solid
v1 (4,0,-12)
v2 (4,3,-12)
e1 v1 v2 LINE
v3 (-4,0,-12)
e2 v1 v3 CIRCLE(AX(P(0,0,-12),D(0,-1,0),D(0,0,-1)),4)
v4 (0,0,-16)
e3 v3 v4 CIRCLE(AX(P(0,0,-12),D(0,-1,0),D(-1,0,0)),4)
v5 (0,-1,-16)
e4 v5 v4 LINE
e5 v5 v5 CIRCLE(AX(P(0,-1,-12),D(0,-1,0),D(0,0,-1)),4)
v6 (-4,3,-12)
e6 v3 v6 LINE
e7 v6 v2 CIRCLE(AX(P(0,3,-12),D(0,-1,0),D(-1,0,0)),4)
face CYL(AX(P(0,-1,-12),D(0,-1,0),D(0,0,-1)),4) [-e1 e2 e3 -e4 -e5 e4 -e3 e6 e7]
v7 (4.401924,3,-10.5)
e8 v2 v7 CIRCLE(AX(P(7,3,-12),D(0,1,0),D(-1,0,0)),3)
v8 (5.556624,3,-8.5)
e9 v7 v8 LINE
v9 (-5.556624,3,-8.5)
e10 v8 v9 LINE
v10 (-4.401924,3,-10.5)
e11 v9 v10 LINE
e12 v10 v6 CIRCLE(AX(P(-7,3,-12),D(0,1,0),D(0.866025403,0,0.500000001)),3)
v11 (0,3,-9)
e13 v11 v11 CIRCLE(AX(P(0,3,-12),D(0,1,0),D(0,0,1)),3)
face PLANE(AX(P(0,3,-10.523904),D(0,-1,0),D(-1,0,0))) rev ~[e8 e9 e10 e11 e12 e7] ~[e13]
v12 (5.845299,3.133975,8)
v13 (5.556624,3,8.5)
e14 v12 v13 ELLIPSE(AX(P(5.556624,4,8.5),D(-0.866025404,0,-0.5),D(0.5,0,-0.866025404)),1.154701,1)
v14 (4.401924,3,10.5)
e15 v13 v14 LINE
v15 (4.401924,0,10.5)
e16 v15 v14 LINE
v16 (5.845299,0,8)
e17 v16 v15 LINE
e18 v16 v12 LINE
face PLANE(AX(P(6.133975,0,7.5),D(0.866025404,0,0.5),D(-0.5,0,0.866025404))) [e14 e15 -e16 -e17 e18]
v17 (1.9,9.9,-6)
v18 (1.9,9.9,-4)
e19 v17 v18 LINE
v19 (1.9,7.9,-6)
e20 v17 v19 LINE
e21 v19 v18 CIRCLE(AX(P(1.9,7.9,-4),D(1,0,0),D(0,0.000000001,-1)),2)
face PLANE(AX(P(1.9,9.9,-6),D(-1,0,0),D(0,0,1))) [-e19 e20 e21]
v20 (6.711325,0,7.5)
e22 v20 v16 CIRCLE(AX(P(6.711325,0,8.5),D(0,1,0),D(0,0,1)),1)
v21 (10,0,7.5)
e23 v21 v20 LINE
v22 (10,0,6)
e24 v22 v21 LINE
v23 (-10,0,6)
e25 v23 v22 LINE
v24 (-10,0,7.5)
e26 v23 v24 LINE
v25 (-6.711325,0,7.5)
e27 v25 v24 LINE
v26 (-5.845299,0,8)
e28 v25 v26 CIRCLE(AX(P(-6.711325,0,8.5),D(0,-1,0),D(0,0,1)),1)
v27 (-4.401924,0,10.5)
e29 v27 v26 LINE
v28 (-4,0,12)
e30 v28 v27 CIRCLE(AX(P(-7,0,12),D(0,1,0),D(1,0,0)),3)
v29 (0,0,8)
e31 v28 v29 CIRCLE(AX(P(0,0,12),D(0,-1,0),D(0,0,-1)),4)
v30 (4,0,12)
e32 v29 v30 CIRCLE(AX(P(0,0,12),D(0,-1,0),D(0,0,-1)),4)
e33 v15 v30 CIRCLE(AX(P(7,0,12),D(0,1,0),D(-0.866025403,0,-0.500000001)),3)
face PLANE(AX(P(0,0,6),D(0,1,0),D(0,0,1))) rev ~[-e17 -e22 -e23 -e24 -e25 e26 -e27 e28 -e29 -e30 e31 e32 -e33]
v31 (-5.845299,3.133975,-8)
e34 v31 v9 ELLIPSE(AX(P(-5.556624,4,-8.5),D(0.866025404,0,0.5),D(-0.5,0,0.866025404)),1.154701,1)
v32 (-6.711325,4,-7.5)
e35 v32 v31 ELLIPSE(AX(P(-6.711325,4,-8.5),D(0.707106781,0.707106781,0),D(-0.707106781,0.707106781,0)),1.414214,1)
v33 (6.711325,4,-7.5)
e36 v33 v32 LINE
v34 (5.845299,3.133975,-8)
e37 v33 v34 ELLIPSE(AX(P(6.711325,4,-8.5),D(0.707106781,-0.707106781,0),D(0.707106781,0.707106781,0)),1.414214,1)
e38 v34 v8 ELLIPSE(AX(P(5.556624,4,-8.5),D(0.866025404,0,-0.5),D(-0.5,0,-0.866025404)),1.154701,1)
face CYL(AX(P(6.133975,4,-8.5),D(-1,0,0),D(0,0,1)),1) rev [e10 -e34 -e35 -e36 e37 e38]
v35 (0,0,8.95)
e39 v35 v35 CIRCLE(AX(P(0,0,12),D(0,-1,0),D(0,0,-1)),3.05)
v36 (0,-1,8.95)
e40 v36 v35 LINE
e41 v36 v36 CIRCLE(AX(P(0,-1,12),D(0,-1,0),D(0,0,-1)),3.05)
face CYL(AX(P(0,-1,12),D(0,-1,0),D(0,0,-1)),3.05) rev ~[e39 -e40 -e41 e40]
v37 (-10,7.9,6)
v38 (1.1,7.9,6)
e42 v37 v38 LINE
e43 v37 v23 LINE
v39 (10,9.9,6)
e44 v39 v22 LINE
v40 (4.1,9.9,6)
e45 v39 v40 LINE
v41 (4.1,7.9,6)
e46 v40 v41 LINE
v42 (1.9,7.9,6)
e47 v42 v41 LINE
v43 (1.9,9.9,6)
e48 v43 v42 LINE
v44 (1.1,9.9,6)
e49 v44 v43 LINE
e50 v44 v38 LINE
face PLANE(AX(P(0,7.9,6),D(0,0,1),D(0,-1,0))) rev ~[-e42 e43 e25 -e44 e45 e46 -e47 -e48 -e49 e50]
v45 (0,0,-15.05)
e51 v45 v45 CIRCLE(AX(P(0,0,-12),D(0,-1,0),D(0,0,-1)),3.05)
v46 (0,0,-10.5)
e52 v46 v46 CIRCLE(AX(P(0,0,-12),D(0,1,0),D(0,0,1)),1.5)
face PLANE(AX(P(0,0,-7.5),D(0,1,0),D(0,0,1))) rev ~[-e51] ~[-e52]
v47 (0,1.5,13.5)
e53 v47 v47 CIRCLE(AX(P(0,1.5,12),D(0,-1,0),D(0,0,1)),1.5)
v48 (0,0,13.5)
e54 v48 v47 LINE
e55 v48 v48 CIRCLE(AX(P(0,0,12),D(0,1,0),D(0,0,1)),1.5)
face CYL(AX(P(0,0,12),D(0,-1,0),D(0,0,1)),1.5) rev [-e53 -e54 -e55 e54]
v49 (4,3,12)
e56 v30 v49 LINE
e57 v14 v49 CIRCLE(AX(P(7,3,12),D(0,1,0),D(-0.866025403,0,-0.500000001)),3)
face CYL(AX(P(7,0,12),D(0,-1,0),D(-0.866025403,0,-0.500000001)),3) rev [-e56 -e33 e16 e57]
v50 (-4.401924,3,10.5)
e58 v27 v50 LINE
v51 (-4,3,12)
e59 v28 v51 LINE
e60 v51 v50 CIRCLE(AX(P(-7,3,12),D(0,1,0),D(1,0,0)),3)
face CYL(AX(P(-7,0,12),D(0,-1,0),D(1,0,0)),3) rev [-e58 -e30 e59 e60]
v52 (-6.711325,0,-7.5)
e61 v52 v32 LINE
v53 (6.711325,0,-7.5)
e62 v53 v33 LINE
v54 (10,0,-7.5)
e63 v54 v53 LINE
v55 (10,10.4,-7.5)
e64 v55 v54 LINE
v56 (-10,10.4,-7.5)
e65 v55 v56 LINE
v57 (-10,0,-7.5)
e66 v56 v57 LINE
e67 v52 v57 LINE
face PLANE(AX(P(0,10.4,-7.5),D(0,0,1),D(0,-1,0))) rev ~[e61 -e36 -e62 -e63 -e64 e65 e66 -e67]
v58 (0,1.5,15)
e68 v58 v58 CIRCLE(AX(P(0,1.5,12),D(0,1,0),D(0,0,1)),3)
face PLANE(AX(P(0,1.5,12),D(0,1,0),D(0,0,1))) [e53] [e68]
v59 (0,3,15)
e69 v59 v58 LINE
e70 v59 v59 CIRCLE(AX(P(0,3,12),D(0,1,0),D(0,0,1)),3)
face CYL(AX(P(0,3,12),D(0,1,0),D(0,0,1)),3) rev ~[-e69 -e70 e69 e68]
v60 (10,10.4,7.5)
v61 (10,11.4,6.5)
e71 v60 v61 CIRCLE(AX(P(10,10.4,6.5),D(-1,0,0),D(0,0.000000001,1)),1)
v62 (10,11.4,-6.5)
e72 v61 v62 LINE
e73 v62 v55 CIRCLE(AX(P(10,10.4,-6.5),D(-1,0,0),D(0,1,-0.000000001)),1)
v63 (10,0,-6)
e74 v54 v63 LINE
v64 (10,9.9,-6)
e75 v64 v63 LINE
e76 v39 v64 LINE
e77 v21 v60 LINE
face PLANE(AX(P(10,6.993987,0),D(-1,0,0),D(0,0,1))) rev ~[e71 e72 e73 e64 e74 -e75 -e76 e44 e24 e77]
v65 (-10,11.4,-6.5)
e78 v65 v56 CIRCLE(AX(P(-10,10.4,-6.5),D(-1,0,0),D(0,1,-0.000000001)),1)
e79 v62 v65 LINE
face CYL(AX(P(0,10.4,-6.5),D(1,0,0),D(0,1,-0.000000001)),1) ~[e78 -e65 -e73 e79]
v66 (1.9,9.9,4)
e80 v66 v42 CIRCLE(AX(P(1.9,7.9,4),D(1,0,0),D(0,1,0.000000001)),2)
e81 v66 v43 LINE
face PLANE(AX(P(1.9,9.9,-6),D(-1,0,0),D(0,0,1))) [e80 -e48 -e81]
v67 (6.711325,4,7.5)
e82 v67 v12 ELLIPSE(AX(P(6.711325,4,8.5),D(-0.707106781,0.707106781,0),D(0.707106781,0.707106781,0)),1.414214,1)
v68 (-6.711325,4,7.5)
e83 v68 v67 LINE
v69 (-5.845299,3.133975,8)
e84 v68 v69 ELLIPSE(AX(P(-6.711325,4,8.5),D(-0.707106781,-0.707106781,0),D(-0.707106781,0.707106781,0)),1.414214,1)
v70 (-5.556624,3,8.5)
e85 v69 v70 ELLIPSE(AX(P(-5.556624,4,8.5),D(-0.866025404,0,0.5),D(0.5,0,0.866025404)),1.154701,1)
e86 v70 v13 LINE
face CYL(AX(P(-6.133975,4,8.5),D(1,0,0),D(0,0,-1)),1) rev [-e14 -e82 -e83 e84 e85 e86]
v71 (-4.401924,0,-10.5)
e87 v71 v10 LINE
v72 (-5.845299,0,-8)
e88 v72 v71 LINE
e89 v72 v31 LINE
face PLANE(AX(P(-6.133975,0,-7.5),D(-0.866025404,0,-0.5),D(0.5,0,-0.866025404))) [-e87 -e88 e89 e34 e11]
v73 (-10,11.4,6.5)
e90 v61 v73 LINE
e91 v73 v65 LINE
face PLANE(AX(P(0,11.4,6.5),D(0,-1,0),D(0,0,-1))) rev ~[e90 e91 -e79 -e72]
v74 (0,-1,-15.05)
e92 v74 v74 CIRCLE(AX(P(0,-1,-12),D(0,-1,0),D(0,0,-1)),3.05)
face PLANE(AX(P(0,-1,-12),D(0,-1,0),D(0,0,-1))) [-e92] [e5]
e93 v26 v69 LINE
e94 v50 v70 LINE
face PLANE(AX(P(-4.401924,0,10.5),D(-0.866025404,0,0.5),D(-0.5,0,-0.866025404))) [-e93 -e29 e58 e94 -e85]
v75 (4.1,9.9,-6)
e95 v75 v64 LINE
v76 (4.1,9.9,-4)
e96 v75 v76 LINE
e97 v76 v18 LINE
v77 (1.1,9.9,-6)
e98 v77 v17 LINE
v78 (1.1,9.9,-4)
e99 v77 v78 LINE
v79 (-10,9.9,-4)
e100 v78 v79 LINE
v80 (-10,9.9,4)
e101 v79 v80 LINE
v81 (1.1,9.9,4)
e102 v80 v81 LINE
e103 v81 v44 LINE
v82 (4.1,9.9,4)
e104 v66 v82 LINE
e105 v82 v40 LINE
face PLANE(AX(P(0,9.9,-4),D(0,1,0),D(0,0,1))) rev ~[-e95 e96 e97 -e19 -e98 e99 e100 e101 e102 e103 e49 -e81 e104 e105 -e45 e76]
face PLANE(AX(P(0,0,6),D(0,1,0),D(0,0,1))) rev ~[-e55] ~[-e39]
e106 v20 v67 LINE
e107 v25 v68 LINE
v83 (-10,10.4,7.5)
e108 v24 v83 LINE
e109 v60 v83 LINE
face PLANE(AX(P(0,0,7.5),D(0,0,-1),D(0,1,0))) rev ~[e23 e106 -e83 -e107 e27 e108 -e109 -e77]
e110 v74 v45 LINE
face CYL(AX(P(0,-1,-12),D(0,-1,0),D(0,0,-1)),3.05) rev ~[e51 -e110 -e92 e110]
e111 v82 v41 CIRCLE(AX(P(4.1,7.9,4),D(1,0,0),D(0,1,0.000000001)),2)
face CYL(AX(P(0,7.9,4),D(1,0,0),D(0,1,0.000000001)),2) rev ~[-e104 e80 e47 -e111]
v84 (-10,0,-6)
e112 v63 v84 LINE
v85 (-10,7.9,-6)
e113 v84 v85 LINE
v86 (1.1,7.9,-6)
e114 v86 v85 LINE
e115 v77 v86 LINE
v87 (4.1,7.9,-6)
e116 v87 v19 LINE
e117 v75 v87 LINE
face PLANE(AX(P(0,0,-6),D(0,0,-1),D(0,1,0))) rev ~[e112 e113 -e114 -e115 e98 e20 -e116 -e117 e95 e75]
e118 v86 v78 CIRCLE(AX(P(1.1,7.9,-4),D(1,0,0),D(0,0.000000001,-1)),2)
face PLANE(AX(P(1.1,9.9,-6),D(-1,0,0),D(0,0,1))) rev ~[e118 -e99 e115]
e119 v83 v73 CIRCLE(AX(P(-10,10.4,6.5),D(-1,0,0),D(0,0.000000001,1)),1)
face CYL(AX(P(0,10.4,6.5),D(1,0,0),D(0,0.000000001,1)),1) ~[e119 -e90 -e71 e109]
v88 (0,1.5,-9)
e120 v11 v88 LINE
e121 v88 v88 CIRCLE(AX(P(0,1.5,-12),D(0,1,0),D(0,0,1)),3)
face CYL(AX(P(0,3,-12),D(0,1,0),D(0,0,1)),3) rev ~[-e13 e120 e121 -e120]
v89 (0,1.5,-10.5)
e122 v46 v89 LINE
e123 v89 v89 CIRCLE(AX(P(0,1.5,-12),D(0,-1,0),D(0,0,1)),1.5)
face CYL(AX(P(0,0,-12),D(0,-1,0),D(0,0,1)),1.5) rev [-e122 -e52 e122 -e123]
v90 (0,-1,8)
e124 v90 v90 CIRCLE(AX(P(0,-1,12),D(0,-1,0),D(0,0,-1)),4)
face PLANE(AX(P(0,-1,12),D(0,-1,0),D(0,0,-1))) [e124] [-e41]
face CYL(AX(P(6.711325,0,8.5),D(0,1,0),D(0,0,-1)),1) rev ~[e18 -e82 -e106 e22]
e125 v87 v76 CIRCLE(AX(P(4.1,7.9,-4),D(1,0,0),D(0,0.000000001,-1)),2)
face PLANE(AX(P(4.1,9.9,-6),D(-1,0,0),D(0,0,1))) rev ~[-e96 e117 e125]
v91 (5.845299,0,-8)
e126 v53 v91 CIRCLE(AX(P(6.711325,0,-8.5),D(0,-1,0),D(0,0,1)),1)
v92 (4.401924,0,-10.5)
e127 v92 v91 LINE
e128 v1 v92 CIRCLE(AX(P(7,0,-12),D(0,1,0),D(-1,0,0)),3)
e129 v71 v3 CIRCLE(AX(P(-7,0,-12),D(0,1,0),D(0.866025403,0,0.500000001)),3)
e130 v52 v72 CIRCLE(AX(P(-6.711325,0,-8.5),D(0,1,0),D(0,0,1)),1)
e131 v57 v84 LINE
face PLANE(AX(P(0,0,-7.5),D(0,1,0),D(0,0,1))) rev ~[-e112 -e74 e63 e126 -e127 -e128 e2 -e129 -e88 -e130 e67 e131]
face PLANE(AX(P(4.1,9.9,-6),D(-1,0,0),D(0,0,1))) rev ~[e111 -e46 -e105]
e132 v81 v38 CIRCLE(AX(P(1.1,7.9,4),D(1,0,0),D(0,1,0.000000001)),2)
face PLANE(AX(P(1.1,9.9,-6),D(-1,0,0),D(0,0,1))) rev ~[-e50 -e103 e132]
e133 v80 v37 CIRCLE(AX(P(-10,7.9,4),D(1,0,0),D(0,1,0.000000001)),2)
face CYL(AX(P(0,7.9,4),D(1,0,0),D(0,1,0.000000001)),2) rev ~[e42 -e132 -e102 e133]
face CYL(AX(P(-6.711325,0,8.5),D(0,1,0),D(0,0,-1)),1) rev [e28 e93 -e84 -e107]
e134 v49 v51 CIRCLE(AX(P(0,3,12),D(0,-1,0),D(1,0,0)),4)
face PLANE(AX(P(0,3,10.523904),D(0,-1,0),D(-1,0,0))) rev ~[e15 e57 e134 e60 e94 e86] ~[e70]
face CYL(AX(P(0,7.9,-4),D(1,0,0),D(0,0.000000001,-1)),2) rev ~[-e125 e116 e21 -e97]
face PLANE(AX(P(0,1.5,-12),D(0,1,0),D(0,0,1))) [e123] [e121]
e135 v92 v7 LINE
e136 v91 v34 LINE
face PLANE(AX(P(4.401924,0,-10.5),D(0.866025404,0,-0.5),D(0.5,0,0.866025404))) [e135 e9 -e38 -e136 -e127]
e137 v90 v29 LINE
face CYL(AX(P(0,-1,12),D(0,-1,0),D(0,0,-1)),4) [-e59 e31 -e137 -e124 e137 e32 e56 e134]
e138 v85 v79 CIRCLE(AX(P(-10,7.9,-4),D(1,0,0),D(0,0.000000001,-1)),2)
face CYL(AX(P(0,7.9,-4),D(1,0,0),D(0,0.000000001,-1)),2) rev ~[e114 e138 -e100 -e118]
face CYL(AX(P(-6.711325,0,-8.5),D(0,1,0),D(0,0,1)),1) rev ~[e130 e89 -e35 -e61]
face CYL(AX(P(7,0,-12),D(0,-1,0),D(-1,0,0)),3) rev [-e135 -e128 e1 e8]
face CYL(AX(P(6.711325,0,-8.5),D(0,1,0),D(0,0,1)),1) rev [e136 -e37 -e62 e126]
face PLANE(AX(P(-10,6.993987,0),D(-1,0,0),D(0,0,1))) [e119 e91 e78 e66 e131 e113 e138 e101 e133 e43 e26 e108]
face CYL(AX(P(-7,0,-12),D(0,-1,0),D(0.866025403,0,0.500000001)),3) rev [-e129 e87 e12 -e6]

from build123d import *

# Parameters (mm, degrees)
BOSS_EXTRUDE1_DEPTH = 10
SKETCH2_W           = 0.8
SKETCH2_H           = 12
CUT_EXTRUDE1_DEPTH  = 10
SKETCH3_R           = 1.5
BOSS_EXTRUDE2_DEPTH = 3
FILLET1_R           = 1
SKETCH4_R           = 3
CUT_EXTRUDE2_DEPTH  = 1.5
BOSS_EXTRUDE3_START = 1
SKETCH6_R           = 4
SKETCH6_R_2         = 3.05
BOSS_EXTRUDE3_DEPTH = 1


with BuildPart() as part:
    # Sketch1 → Boss-Extrude1 (new, symmetric)
    with BuildSketch(Plane(origin=(0, 0, 0), x_dir=(0, 0, -1), z_dir=(1, 0, 0))):
        with BuildLine():
            Line((-6, 0), (-7.5, 0))
            Line((-7.5, 0), (-7.5, 10.4))
            ThreePointArc((-7.5, 10.4), (-7.207106781, 11.107106781), (-6.5, 11.4))
            Line((-6.5, 11.4), (6.5, 11.4))
            ThreePointArc((6.5, 11.4), (7.207106781, 11.107106781), (7.5, 10.4))
            Line((7.5, 10.4), (7.5, 0))
            Line((7.5, 0), (6, 0))
            Line((6, 0), (6, 7.9))
            ThreePointArc((6, 7.9), (5.414213562, 9.314213562), (4, 9.9))
            Line((4, 9.9), (-4, 9.9))
            ThreePointArc((-4, 9.9), (-5.414213562, 9.314213562), (-6, 7.9))
            Line((-6, 7.9), (-6, 0))
        make_face()
    extrude(amount=BOSS_EXTRUDE1_DEPTH, both=True)

    # Sketch2 → Cut-Extrude1 (cut)
    with BuildSketch(Plane.XZ.offset(-9.9)):
        Polygon((4.9, -6), (4.1, -6), (4.1, 6), (4.9, 6), (11.86883473, 6), (11.86883473, -6), align=None)
        with Locations((1.5, 0)):
            Rectangle(SKETCH2_W, SKETCH2_H)
    extrude(amount=CUT_EXTRUDE1_DEPTH, mode=Mode.SUBTRACT)

    # Sketch3 → Boss-Extrude2 (add)
    # profile 1 of 2: a face of its own
    with BuildSketch(Plane(origin=(0, 0, 0), x_dir=(1, 0, 0), z_dir=(0, 1, 0))):
        with BuildLine():
            Line((-6.133974596, 7.5), (-4.401923789, 10.5))
            ThreePointArc((-4.401923789, 10.5), (-4.102222521, 11.223542865), (-4, 12))
            ThreePointArc((-4, 12), (0, 16), (4, 12))
            ThreePointArc((4, 12), (4.102222521, 11.223542865), (4.401923789, 10.5))
            Line((4.401923789, 10.5), (6.133974596, 7.5))
            Line((6.133974596, 7.5), (-6.133974596, 7.5))
        make_face()
        with Locations(Location((0, 12, 0), (0, 0, 270))):
            Circle(SKETCH3_R, mode=Mode.SUBTRACT)
    # profile 2 of 2: a face of its own
    with BuildSketch(Plane(origin=(0, 0, 0), x_dir=(1, 0, 0), z_dir=(0, 1, 0))):
        with BuildLine():
            Line((6.133974596, -7.5), (4.401923789, -10.5))
            ThreePointArc((4.401923789, -10.5), (4.102222521, -11.223542865), (4, -12))
            ThreePointArc((4, -12), (0, -16), (-4, -12))
            ThreePointArc((-4, -12), (-4.102222521, -11.223542865), (-4.401923789, -10.5))
            Line((-4.401923789, -10.5), (-6.133974596, -7.5))
            Line((-6.133974596, -7.5), (6.133974596, -7.5))
        make_face()
        with Locations(Location((0, -12, 0), (0, 0, 270))):
            Circle(SKETCH3_R, mode=Mode.SUBTRACT)
    extrude(amount=BOSS_EXTRUDE2_DEPTH)

    # Fillet1
    fillet1_edges = [part.edges().sort_by_distance(p)[0] for p in [
        (0, 3, 7.5),
        (6.133974596, 1.5, 7.5),
        (-6.133974596, 1.5, 7.5),
        (0, 3, -7.5),
        (-6.133974596, 1.5, -7.5),
        (6.133974596, 1.5, -7.5),
    ]]
    fillet(fillet1_edges, radius=FILLET1_R)

    # Sketch4 → Cut-Extrude2 (cut)
    with BuildSketch(Plane(origin=(0, 3, 0), x_dir=(1, 0, 0), z_dir=(0, 1, 0))):
        with Locations(Location((0, -12, 0), (0, 0, 270))):
            Circle(SKETCH4_R)
        with Locations(Location((0, 12, 0), (0, 0, 270))):
            Circle(SKETCH4_R)
    extrude(amount=-CUT_EXTRUDE2_DEPTH, mode=Mode.SUBTRACT)

    # Sketch6 → Boss-Extrude3 (add)
    # profile 1 of 2: a face of its own
    with BuildSketch(Plane.XZ.offset(BOSS_EXTRUDE3_START)):
        with Locations(Location((0, 12, 0), (0, 0, 270))):
            Circle(SKETCH6_R)
        with Locations(Location((0, 12, 0), (0, 0, 270))):
            Circle(SKETCH6_R_2, mode=Mode.SUBTRACT)
    # profile 2 of 2: a face of its own
    with BuildSketch(Plane.XZ.offset(BOSS_EXTRUDE3_START)):
        with Locations(Location((0, -12, 0), (0, 0, 270))):
            Circle(SKETCH6_R)
        with Locations(Location((0, -12, 0), (0, 0, 270))):
            Circle(SKETCH6_R_2, mode=Mode.SUBTRACT)
    extrude(amount=-BOSS_EXTRUDE3_DEPTH)


solid = part.part
